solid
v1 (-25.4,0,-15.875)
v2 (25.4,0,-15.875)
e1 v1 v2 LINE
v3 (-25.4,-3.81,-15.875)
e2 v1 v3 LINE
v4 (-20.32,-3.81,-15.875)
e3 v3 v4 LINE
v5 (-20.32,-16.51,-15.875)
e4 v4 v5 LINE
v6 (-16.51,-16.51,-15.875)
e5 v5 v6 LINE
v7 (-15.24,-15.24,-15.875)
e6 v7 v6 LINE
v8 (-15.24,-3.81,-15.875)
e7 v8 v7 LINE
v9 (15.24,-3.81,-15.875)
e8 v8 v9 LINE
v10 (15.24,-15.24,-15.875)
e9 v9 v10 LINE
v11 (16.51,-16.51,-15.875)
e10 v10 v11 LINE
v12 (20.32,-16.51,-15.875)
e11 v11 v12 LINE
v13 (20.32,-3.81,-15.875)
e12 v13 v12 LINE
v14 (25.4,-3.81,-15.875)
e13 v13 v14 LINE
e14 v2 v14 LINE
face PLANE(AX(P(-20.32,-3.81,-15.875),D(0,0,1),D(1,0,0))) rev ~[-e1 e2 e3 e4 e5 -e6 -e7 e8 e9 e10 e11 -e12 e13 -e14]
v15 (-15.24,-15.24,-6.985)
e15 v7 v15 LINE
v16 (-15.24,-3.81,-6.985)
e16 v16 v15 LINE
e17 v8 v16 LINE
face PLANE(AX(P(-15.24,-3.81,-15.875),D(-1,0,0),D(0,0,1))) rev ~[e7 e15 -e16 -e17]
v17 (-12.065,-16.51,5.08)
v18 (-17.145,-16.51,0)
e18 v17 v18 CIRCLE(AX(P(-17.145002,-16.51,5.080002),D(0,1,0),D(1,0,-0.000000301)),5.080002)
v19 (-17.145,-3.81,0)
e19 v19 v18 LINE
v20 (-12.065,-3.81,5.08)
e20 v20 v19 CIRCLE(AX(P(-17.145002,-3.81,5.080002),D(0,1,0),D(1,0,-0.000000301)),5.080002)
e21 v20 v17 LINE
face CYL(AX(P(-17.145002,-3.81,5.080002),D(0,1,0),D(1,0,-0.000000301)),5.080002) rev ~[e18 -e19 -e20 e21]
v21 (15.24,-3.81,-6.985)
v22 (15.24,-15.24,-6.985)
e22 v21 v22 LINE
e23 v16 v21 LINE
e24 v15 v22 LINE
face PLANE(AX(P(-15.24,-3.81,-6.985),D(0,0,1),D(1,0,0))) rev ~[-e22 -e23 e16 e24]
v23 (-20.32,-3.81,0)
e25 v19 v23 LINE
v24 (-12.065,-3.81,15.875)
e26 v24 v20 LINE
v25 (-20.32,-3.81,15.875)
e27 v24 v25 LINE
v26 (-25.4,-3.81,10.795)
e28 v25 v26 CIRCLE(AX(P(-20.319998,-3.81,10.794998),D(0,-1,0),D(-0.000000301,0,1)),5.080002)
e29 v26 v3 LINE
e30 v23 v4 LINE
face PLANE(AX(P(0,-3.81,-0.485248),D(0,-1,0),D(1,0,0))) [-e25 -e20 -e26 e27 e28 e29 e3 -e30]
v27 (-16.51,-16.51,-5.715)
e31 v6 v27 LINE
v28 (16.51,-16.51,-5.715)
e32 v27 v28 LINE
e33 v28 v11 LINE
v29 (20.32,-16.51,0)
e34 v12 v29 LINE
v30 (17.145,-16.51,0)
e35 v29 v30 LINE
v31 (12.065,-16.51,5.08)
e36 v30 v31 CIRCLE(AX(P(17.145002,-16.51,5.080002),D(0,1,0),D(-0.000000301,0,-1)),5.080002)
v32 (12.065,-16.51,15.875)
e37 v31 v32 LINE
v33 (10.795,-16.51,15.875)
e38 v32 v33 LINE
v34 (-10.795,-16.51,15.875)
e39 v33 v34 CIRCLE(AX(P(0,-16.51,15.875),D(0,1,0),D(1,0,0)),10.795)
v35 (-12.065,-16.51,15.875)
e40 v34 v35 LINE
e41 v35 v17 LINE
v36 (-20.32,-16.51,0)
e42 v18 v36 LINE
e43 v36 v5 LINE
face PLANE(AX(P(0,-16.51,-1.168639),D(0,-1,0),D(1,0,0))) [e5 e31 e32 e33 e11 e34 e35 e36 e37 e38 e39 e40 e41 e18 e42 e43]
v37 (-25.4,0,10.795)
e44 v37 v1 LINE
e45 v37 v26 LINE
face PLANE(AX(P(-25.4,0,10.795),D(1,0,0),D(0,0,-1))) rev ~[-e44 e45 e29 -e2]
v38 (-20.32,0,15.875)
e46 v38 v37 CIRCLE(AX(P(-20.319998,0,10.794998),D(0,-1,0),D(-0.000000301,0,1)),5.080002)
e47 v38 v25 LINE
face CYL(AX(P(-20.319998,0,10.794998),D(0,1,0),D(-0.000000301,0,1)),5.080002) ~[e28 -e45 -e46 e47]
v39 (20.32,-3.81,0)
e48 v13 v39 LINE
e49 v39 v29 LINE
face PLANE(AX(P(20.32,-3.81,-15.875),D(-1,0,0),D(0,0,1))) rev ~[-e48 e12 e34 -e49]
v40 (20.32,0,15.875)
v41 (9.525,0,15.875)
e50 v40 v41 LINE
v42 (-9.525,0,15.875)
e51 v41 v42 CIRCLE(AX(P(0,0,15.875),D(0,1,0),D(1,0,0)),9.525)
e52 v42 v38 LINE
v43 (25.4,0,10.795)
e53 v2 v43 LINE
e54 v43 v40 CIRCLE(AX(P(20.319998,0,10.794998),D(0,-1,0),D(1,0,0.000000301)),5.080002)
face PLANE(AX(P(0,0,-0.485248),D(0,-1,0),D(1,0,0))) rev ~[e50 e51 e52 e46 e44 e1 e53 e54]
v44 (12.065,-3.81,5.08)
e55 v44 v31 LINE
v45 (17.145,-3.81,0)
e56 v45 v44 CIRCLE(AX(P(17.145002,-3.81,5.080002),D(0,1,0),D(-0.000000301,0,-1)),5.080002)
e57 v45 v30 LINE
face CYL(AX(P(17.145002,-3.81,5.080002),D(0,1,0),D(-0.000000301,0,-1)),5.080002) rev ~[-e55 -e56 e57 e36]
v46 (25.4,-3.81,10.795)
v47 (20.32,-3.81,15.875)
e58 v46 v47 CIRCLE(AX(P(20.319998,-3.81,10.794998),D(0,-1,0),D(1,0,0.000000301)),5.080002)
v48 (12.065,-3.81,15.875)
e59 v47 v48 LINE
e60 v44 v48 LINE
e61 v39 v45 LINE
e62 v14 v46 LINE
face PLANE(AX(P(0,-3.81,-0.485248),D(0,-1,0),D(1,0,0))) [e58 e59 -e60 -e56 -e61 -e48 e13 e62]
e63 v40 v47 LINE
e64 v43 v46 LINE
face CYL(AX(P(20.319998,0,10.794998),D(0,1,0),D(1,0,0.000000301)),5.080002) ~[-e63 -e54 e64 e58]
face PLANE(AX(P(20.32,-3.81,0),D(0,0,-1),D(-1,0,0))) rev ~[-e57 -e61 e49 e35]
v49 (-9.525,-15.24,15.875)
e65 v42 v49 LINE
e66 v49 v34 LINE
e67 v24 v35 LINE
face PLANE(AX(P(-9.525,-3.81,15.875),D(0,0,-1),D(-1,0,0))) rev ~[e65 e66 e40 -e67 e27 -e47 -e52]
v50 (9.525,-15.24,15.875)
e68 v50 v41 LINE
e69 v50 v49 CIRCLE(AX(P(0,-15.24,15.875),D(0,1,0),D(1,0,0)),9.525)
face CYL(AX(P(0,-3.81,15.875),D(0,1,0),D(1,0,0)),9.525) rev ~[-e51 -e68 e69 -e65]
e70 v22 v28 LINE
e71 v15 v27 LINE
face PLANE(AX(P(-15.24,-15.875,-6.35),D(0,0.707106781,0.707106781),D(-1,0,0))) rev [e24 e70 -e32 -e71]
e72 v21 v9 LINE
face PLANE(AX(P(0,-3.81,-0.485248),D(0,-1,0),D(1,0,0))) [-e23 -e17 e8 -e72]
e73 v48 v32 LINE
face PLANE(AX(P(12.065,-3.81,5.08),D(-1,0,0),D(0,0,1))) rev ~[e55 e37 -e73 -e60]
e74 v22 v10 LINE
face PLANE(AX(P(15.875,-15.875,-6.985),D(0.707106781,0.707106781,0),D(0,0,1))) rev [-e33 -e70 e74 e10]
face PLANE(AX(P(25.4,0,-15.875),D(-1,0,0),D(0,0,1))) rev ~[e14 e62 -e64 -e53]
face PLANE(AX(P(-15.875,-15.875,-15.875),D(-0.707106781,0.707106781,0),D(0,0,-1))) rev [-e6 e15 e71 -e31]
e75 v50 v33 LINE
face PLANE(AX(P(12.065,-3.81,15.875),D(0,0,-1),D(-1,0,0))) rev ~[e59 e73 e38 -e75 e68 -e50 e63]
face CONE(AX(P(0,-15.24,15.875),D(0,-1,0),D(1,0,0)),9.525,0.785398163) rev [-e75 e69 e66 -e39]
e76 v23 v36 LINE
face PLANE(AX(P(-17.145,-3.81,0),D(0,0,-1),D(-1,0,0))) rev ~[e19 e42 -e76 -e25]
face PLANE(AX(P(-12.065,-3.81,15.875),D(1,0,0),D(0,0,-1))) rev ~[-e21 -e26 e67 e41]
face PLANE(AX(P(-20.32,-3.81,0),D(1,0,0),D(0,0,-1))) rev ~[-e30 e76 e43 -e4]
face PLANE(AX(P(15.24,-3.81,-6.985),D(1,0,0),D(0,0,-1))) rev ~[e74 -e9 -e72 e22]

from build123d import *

# Parameters (mm, degrees)
F1_DEPTH = 3.81
F3_DEPTH = 12.7
F4_SIZE  = 1.27


with BuildPart() as f1:
    # F0 (on Front) → F1 (new body)
    with BuildSketch(Plane.XZ):
        with BuildLine():
            ThreePointArc((25.4, 10.795), (23.912102, 14.387102), (20.32, 15.875))
            Line((20.32, 15.875), (9.525, 15.875))
            ThreePointArc((9.525, 15.875), (0, 6.35), (-9.525, 15.875))
            Line((-9.525, 15.875), (-20.32, 15.875))
            ThreePointArc((-20.32, 15.875), (-23.912102, 14.387102), (-25.4, 10.795))
            Line((-25.4, 10.795), (-25.4, -15.875))
            Line((-25.4, -15.875), (25.4, -15.875))
            Line((25.4, -15.875), (25.4, 10.795))
        make_face()
    extrude(amount=F1_DEPTH)

    # F2 (on face) → F3 (join)
    with BuildSketch(Plane.XZ.offset(3.81)):
        with BuildLine():
            ThreePointArc((9.525, 15.875), (0, 6.35), (-9.525, 15.875))
            Line((-9.525, 15.875), (-12.065, 15.875))
            Line((-12.065, 15.875), (-12.065, 5.08))
            ThreePointArc((-12.065, 5.08), (-13.552898, 1.487898), (-17.145, 0))
            Line((-17.145, 0), (-20.32, 0))
            Line((-20.32, 0), (-20.32, -15.875))
            Line((-20.32, -15.875), (-15.24, -15.875))
            Line((-15.24, -15.875), (-15.24, -6.985))
            Line((-15.24, -6.985), (0, -6.985))
            Line((0, -6.985), (15.24, -6.985))
            Line((15.24, -6.985), (15.24, -15.875))
            Line((15.24, -15.875), (20.32, -15.875))
            Line((20.32, -15.875), (20.32, 0))
            Line((20.32, 0), (17.145, 0))
            ThreePointArc((17.145, 0), (13.552898, 1.487898), (12.065, 5.08))
            Line((12.065, 5.08), (12.065, 15.875))
            Line((12.065, 15.875), (9.525, 15.875))
        make_face()
    extrude(amount=F3_DEPTH)

    # F4
    f4_edges = [f1.edges().sort_by_distance(p)[0] for p in [
        (0, -16.51, 6.35),
        (-15.24, -16.51, -11.43),
        (0, -16.51, -6.985),
        (15.24, -16.51, -11.43),
    ]]
    chamfer(f4_edges, length=F4_SIZE)


solid = f1.part
